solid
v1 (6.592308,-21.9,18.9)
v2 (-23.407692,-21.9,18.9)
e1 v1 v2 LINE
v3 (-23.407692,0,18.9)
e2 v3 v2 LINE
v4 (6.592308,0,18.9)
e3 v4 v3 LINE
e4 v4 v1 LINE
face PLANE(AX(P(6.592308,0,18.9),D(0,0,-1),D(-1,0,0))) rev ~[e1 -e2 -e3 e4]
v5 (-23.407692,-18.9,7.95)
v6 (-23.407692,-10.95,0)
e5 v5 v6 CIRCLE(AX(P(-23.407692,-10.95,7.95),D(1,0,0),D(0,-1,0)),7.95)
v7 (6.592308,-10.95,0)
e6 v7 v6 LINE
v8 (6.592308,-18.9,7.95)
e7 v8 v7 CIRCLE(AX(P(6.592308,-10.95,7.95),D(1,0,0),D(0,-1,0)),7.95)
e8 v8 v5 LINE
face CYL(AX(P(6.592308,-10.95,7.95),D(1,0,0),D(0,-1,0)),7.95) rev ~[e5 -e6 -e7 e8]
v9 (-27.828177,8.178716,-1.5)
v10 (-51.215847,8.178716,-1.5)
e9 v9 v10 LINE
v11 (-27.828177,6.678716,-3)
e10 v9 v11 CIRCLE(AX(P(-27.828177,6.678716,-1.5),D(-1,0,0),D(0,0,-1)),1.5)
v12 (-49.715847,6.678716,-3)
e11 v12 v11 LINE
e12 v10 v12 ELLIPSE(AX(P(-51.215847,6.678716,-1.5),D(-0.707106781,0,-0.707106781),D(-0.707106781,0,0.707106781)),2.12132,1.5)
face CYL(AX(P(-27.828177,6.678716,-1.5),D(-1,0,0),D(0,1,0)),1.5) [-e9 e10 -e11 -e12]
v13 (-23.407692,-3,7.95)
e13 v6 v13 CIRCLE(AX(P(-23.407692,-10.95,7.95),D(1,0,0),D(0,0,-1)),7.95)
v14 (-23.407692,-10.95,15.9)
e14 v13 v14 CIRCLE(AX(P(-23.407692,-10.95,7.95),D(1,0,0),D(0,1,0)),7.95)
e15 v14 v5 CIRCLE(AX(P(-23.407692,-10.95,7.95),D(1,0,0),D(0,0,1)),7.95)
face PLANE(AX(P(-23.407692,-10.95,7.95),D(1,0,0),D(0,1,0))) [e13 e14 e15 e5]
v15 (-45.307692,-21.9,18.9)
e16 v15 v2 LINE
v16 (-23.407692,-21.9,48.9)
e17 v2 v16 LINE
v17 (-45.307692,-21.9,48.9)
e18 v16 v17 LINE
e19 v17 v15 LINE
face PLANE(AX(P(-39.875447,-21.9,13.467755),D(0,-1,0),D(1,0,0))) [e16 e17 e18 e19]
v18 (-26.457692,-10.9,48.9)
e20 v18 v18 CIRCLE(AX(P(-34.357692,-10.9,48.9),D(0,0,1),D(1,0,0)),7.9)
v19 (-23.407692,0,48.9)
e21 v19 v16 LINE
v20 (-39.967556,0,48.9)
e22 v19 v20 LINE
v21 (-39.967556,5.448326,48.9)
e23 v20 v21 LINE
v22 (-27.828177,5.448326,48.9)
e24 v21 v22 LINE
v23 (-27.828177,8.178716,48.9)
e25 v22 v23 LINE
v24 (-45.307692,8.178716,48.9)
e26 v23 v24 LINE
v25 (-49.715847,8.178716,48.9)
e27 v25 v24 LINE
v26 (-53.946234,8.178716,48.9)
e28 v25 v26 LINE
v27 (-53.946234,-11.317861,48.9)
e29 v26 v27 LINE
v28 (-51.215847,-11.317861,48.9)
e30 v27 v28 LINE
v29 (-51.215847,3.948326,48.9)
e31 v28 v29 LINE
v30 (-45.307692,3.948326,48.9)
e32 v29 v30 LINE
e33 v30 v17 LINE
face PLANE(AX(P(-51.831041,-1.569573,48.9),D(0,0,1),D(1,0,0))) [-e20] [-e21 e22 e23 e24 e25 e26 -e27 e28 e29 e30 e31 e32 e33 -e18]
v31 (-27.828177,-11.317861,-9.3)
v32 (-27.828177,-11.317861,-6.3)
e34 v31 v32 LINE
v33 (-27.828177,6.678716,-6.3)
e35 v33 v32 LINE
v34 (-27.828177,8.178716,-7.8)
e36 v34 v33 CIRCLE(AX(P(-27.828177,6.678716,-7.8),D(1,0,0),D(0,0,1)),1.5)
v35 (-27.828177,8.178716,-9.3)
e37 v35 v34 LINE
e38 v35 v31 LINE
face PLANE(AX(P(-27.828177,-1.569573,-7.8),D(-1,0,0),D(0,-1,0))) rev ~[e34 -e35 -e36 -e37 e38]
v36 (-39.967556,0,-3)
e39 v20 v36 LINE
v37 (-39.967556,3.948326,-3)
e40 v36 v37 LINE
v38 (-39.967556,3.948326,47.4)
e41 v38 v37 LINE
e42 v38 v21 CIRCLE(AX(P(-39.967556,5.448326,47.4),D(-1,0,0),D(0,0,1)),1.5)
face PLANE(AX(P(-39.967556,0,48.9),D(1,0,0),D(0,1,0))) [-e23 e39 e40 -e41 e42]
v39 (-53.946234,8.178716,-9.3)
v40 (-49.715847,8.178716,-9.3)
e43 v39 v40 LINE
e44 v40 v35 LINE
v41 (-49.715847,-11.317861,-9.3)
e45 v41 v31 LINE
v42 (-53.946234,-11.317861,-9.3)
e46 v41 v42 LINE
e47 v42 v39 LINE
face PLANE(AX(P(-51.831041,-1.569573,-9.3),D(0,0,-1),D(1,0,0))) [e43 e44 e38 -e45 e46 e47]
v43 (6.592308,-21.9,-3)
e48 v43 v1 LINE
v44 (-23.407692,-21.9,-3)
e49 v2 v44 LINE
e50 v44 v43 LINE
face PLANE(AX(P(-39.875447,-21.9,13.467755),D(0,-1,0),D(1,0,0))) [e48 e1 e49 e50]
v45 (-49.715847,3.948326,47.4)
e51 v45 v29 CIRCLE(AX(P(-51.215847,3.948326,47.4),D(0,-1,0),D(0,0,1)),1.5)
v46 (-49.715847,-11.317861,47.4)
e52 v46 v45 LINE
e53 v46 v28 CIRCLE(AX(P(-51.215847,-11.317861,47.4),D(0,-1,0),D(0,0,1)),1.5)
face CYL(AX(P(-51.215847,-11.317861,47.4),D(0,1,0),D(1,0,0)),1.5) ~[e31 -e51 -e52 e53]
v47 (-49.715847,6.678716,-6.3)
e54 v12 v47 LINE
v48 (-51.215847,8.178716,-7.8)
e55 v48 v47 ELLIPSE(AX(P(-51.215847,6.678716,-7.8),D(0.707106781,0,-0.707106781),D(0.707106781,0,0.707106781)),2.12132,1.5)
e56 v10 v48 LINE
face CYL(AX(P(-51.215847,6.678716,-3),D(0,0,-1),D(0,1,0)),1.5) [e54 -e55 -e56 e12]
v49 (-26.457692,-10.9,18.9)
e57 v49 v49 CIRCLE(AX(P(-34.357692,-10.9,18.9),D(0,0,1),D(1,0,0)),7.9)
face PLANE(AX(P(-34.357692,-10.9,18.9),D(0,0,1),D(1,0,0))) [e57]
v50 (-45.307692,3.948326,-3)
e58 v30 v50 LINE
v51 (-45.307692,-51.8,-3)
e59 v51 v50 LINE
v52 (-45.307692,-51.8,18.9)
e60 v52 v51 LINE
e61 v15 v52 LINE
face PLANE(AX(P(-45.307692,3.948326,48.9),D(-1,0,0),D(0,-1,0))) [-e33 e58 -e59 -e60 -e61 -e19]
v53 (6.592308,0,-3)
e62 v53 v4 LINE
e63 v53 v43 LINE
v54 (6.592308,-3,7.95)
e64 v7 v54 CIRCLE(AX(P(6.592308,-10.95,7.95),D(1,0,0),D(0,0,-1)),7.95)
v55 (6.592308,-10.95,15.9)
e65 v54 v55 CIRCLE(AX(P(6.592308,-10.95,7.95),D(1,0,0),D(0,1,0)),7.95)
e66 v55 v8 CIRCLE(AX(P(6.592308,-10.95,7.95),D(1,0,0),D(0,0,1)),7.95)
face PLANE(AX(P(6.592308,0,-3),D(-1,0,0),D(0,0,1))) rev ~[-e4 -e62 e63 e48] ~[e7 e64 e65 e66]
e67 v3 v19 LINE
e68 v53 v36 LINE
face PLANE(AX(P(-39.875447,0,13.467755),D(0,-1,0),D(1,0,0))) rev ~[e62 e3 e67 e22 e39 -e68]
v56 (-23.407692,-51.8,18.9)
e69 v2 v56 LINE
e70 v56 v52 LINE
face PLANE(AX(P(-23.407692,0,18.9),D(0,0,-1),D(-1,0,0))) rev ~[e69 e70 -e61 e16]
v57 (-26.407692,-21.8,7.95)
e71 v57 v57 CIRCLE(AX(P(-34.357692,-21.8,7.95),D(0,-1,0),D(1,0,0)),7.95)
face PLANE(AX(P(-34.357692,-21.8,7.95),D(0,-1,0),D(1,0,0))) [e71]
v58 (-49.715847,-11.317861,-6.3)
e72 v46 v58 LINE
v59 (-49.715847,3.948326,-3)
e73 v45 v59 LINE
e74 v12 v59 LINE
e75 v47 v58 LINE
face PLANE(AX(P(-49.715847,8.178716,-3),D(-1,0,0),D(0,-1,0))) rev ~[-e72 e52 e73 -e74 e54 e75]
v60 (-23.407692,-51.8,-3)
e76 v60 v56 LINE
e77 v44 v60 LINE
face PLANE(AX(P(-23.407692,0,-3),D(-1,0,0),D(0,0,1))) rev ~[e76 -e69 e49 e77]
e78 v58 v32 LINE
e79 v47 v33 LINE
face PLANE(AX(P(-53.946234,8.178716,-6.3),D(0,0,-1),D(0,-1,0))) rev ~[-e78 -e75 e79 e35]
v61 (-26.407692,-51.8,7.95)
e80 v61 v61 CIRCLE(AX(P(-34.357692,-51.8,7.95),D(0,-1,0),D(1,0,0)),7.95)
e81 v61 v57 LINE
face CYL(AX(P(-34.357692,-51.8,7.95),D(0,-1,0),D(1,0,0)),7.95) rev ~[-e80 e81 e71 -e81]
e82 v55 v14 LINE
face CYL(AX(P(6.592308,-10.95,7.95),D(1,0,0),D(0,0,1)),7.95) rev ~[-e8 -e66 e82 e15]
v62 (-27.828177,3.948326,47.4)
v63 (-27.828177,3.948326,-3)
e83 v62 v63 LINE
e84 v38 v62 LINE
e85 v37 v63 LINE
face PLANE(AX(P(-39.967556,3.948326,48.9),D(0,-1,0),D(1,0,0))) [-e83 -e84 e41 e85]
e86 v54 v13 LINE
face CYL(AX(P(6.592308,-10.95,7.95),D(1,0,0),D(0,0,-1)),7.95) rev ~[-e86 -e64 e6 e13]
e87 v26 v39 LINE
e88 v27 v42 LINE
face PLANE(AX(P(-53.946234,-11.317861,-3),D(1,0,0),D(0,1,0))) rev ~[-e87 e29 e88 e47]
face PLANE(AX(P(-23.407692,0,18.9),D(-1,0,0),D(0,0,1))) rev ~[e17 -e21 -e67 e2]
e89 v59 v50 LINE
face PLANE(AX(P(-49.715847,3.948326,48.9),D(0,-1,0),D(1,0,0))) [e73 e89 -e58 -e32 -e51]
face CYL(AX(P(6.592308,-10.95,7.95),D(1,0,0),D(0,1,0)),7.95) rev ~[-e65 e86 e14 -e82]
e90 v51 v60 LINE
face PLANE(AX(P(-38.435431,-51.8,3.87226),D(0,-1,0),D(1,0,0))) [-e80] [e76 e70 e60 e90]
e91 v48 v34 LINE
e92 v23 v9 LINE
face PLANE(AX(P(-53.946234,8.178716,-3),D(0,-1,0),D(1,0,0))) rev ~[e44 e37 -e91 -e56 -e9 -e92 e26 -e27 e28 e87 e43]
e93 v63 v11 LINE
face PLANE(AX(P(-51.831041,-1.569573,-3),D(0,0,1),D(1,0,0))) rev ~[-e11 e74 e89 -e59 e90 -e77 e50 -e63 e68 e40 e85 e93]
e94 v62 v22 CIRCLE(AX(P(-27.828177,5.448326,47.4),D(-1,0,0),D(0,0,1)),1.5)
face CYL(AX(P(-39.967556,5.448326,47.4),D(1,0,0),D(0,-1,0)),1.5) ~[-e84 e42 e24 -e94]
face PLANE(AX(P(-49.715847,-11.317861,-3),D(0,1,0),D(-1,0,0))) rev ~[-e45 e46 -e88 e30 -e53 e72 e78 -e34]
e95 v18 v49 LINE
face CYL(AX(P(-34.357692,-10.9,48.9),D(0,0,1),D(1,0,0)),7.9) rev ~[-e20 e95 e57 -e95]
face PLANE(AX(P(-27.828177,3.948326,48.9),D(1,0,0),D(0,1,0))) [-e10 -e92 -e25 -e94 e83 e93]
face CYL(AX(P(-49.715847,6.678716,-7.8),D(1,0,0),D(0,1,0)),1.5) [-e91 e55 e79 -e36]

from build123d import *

# Parameters (mm, degrees)
F0_W      = 27
F0_H      = 15.9
F0_W_2    = 15.9
F0_H_2    = 27
F0_W_3    = 3
F0_H_3    = 3
F1_DEPTH  = 21.9
F2_DEPTH  = 51.8
F3_R      = 7.95
F6_DEPTH  = 30
F7_DEPTH  = 30
F4_R      = 7.9
F8_DEPTH  = 30
F10_W     = 4.4081552195
F10_H     = 4.2303893715
F11_DEPTH = 51.9
F13_DEPTH = 6.3
F14_W     = 19.4965768605
F14_H     = 3
F15_DEPTH = 26.1180568486
F16_R     = 1.5


with BuildPart() as f1:
    # F0 (on Front) → F1 (new body)
    with BuildSketch(Plane.XZ):
        with BuildLine():
            Line((-34.3576915575, 15.9), (-42.3076915575, 15.9))
            Line((-42.3076915575, 15.9), (-42.3076915575, 7.9499999931))
            ThreePointArc((-42.3076915575, 7.9499999931), (-39.9791904704, 13.571498908), (-34.3576915575, 15.9))
        make_face()
        with BuildLine():
            ThreePointArc((-34.3576915575, 15.9), (-39.9791904704, 13.571498908), (-42.3076915575, 7.9499999931))
            ThreePointArc((-42.3076915575, 7.9499999931), (-39.9791904655, 2.3285010871), (-34.3576915575, 0))
            ThreePointArc((-34.3576915575, 0), (-28.7361926471, 2.3285010896), (-26.4076915575, 7.95))
            ThreePointArc((-26.4076915575, 7.95), (-28.7361926471, 13.5714989104), (-34.3576915575, 15.9))
        make_face()
        Polygon((-42.3076915575, 18.9), (-42.3076915575, 45.9), (-26.4076915575, 45.9), (-26.4076915575, 18.9), (-23.4076915575, 18.9), (-23.4076915575, 48.9), (-45.3076915575, 48.9), (-45.3076915575, 18.9), align=None)
        with Locations((-9.9076915575, 7.95)):
            Rectangle(F0_W, F0_H)
        with Locations((-34.3576915575, 32.4)):
            Rectangle(F0_W_2, F0_H_2)
        with BuildLine():
            ThreePointArc((-34.3576915575, 0), (-39.9791904655, 2.3285010871), (-42.3076915575, 7.9499999931))
            Line((-42.3076915575, 7.9499999931), (-42.3076915575, 0))
            Line((-42.3076915575, 0), (-34.3576915575, 0))
        make_face()
        with BuildLine():
            Line((-26.4076915575, 0), (-26.4076915575, 7.95))
            ThreePointArc((-26.4076915575, 7.95), (-28.7361926471, 2.3285010896), (-34.3576915575, 0))
            Line((-34.3576915575, 0), (-26.4076915575, 0))
        make_face()
        with BuildLine():
            Line((-26.4076915575, 7.95), (-26.4076915575, 15.9))
            Line((-26.4076915575, 15.9), (-34.3576915575, 15.9))
            ThreePointArc((-34.3576915575, 15.9), (-28.7361926471, 13.5714989104), (-26.4076915575, 7.95))
        make_face()
        Polygon((6.5923084425, 18.9), (-23.4076915575, 18.9), (-23.4076915575, 15.9), (3.5923084425, 15.9), (3.5923084425, 0), (-23.4076915575, 0), (-23.4076915575, -3), (6.5923084425, -3), align=None)
        Polygon((-26.4076915575, 18.9), (-42.3076915575, 18.9), (-42.3076915575, 15.9), (-34.3576915575, 15.9), (-26.4076915575, 15.9), align=None)
        Polygon((-23.4076915575, 15.9), (-26.4076915575, 15.9), (-26.4076915575, 7.95), (-26.4076915575, 0), (-23.4076915575, 0), align=None)
        Polygon((-42.3076915575, 15.9), (-42.3076915575, 18.9), (-45.3076915575, 18.9), (-45.3076915575, -3), (-23.4076915575, -3), (-23.4076915575, 0), (-26.4076915575, 0), (-34.3576915575, 0), (-42.3076915575, 0), (-42.3076915575, 7.9499999931), align=None)
        with Locations((-24.9076915575, 17.4)):
            Rectangle(F0_W_3, F0_H_3)
    extrude(amount=F1_DEPTH)

    # F0 (on Front) → F2 (join)
    with BuildSketch(Plane.XZ):
        Polygon((-42.3076915575, 15.9), (-42.3076915575, 18.9), (-45.3076915575, 18.9), (-45.3076915575, -3), (-23.4076915575, -3), (-23.4076915575, 0), (-26.4076915575, 0), (-34.3576915575, 0), (-42.3076915575, 0), (-42.3076915575, 7.9499999931), align=None)
        with BuildLine():
            ThreePointArc((-34.3576915575, 15.9), (-39.9791904704, 13.571498908), (-42.3076915575, 7.9499999931))
            ThreePointArc((-42.3076915575, 7.9499999931), (-39.9791904655, 2.3285010871), (-34.3576915575, 0))
            ThreePointArc((-34.3576915575, 0), (-28.7361926471, 2.3285010896), (-26.4076915575, 7.95))
            ThreePointArc((-26.4076915575, 7.95), (-28.7361926471, 13.5714989104), (-34.3576915575, 15.9))
        make_face()
        Polygon((-26.4076915575, 18.9), (-42.3076915575, 18.9), (-42.3076915575, 15.9), (-34.3576915575, 15.9), (-26.4076915575, 15.9), align=None)
        Polygon((-23.4076915575, 15.9), (-26.4076915575, 15.9), (-26.4076915575, 7.95), (-26.4076915575, 0), (-23.4076915575, 0), align=None)
        with Locations((-24.9076915575, 17.4)):
            Rectangle(F0_W_3, F0_H_3)
        with BuildLine():
            Line((-26.4076915575, 7.95), (-26.4076915575, 15.9))
            Line((-26.4076915575, 15.9), (-34.3576915575, 15.9))
            ThreePointArc((-34.3576915575, 15.9), (-28.7361926471, 13.5714989104), (-26.4076915575, 7.95))
        make_face()
        with BuildLine():
            Line((-34.3576915575, 15.9), (-42.3076915575, 15.9))
            Line((-42.3076915575, 15.9), (-42.3076915575, 7.9499999931))
            ThreePointArc((-42.3076915575, 7.9499999931), (-39.9791904704, 13.571498908), (-34.3576915575, 15.9))
        make_face()
        with BuildLine():
            ThreePointArc((-34.3576915575, 0), (-39.9791904655, 2.3285010871), (-42.3076915575, 7.9499999931))
            Line((-42.3076915575, 7.9499999931), (-42.3076915575, 0))
            Line((-42.3076915575, 0), (-34.3576915575, 0))
        make_face()
        with BuildLine():
            Line((-26.4076915575, 0), (-26.4076915575, 7.95))
            ThreePointArc((-26.4076915575, 7.95), (-28.7361926471, 2.3285010896), (-34.3576915575, 0))
            Line((-34.3576915575, 0), (-26.4076915575, 0))
        make_face()
    extrude(amount=F2_DEPTH)

    # F3 (on face) → F6 (cut)
    with BuildSketch(Plane.XZ.offset(51.8)):
        with Locations((-34.3576915575, 7.95)):
            Circle(F3_R)
    extrude(amount=-F6_DEPTH, mode=Mode.SUBTRACT)

    # F5 (on face) → F7 (cut)
    with BuildSketch(Plane.YZ.offset(6.5923084425)):
        with BuildLine():
            ThreePointArc((-3, 7.95), (-5.3285010896, 13.5714989104), (-10.95, 15.9))
            ThreePointArc((-10.95, 15.9), (-16.5714989104, 13.5714989104), (-18.9, 7.95))
            ThreePointArc((-18.9, 7.95), (-16.5714989104, 2.3285010896), (-10.95, 0))
            ThreePointArc((-10.95, 0), (-5.3285010896, 2.3285010896), (-3, 7.95))
        make_face()
    extrude(amount=-F7_DEPTH, mode=Mode.SUBTRACT)

    # F4 (on face) → F8 (cut)
    with BuildSketch(Plane.XY.offset(48.9)):
        with Locations((-34.3576915575, -10.9)):
            Circle(F4_R)
    extrude(amount=-F8_DEPTH, mode=Mode.SUBTRACT)

    # F10 (on face) → F11 (join)
    with BuildSketch(Plane.XY.offset(48.9)):
        Polygon((-49.715846777, -11.3178612664), (-49.715846777, 3.9483262226), (-49.715846777, 8.1787155941), (-53.9462342858, 8.1787155941), (-53.9462342858, -11.3178612664), align=None)
        with Locations((-47.5117691672, 6.0635209084)):
            Rectangle(F10_W, F10_H)
        Polygon((-45.3076915575, 3.9483262226), (-45.3076915575, 0), (-39.9675555527, 0), (-39.9675555527, 3.9483262226), (-27.8281774372, 3.9483262226), (-27.8281774372, 8.1787155941), (-45.3076915575, 8.1787155941), align=None)
    extrude(amount=-F11_DEPTH)

    # F12 (on face) → F13 (join)
    with BuildSketch(Plane(origin=(0, 0, -3), x_dir=(1, 0, 0), z_dir=(0, 0, -1))):
        Polygon((-49.715846777, -8.1787155941), (-49.715846777, -3.9483262226), (-49.715846777, 11.3178612664), (-53.9462342858, 11.3178612664), (-53.9462342858, -8.1787155941), align=None)
    extrude(amount=F13_DEPTH)

    # F14 (on face) → F15 (join, through all)
    with BuildSketch(Plane(origin=(-53.9462342858, 0, 0), x_dir=(0, -1, 0), z_dir=(-1, 0, 0))):
        with Locations((1.5695728362, -7.8)):
            Rectangle(F14_W, F14_H)
    extrude(amount=-F15_DEPTH)

    # F16
    f16_edges = [f1.edges().sort_by_distance(p)[0] for p in [
        (-38.772012, 8.178716, -6.3),
        (-38.772012, 8.178716, -3),
        (-33.897866, 3.948326, 48.9),
        (-49.715847, -3.684768, 48.9),
        (-49.715847, 8.178716, -4.65),
    ]]
    fillet(f16_edges, radius=F16_R)


solid = f1.part
